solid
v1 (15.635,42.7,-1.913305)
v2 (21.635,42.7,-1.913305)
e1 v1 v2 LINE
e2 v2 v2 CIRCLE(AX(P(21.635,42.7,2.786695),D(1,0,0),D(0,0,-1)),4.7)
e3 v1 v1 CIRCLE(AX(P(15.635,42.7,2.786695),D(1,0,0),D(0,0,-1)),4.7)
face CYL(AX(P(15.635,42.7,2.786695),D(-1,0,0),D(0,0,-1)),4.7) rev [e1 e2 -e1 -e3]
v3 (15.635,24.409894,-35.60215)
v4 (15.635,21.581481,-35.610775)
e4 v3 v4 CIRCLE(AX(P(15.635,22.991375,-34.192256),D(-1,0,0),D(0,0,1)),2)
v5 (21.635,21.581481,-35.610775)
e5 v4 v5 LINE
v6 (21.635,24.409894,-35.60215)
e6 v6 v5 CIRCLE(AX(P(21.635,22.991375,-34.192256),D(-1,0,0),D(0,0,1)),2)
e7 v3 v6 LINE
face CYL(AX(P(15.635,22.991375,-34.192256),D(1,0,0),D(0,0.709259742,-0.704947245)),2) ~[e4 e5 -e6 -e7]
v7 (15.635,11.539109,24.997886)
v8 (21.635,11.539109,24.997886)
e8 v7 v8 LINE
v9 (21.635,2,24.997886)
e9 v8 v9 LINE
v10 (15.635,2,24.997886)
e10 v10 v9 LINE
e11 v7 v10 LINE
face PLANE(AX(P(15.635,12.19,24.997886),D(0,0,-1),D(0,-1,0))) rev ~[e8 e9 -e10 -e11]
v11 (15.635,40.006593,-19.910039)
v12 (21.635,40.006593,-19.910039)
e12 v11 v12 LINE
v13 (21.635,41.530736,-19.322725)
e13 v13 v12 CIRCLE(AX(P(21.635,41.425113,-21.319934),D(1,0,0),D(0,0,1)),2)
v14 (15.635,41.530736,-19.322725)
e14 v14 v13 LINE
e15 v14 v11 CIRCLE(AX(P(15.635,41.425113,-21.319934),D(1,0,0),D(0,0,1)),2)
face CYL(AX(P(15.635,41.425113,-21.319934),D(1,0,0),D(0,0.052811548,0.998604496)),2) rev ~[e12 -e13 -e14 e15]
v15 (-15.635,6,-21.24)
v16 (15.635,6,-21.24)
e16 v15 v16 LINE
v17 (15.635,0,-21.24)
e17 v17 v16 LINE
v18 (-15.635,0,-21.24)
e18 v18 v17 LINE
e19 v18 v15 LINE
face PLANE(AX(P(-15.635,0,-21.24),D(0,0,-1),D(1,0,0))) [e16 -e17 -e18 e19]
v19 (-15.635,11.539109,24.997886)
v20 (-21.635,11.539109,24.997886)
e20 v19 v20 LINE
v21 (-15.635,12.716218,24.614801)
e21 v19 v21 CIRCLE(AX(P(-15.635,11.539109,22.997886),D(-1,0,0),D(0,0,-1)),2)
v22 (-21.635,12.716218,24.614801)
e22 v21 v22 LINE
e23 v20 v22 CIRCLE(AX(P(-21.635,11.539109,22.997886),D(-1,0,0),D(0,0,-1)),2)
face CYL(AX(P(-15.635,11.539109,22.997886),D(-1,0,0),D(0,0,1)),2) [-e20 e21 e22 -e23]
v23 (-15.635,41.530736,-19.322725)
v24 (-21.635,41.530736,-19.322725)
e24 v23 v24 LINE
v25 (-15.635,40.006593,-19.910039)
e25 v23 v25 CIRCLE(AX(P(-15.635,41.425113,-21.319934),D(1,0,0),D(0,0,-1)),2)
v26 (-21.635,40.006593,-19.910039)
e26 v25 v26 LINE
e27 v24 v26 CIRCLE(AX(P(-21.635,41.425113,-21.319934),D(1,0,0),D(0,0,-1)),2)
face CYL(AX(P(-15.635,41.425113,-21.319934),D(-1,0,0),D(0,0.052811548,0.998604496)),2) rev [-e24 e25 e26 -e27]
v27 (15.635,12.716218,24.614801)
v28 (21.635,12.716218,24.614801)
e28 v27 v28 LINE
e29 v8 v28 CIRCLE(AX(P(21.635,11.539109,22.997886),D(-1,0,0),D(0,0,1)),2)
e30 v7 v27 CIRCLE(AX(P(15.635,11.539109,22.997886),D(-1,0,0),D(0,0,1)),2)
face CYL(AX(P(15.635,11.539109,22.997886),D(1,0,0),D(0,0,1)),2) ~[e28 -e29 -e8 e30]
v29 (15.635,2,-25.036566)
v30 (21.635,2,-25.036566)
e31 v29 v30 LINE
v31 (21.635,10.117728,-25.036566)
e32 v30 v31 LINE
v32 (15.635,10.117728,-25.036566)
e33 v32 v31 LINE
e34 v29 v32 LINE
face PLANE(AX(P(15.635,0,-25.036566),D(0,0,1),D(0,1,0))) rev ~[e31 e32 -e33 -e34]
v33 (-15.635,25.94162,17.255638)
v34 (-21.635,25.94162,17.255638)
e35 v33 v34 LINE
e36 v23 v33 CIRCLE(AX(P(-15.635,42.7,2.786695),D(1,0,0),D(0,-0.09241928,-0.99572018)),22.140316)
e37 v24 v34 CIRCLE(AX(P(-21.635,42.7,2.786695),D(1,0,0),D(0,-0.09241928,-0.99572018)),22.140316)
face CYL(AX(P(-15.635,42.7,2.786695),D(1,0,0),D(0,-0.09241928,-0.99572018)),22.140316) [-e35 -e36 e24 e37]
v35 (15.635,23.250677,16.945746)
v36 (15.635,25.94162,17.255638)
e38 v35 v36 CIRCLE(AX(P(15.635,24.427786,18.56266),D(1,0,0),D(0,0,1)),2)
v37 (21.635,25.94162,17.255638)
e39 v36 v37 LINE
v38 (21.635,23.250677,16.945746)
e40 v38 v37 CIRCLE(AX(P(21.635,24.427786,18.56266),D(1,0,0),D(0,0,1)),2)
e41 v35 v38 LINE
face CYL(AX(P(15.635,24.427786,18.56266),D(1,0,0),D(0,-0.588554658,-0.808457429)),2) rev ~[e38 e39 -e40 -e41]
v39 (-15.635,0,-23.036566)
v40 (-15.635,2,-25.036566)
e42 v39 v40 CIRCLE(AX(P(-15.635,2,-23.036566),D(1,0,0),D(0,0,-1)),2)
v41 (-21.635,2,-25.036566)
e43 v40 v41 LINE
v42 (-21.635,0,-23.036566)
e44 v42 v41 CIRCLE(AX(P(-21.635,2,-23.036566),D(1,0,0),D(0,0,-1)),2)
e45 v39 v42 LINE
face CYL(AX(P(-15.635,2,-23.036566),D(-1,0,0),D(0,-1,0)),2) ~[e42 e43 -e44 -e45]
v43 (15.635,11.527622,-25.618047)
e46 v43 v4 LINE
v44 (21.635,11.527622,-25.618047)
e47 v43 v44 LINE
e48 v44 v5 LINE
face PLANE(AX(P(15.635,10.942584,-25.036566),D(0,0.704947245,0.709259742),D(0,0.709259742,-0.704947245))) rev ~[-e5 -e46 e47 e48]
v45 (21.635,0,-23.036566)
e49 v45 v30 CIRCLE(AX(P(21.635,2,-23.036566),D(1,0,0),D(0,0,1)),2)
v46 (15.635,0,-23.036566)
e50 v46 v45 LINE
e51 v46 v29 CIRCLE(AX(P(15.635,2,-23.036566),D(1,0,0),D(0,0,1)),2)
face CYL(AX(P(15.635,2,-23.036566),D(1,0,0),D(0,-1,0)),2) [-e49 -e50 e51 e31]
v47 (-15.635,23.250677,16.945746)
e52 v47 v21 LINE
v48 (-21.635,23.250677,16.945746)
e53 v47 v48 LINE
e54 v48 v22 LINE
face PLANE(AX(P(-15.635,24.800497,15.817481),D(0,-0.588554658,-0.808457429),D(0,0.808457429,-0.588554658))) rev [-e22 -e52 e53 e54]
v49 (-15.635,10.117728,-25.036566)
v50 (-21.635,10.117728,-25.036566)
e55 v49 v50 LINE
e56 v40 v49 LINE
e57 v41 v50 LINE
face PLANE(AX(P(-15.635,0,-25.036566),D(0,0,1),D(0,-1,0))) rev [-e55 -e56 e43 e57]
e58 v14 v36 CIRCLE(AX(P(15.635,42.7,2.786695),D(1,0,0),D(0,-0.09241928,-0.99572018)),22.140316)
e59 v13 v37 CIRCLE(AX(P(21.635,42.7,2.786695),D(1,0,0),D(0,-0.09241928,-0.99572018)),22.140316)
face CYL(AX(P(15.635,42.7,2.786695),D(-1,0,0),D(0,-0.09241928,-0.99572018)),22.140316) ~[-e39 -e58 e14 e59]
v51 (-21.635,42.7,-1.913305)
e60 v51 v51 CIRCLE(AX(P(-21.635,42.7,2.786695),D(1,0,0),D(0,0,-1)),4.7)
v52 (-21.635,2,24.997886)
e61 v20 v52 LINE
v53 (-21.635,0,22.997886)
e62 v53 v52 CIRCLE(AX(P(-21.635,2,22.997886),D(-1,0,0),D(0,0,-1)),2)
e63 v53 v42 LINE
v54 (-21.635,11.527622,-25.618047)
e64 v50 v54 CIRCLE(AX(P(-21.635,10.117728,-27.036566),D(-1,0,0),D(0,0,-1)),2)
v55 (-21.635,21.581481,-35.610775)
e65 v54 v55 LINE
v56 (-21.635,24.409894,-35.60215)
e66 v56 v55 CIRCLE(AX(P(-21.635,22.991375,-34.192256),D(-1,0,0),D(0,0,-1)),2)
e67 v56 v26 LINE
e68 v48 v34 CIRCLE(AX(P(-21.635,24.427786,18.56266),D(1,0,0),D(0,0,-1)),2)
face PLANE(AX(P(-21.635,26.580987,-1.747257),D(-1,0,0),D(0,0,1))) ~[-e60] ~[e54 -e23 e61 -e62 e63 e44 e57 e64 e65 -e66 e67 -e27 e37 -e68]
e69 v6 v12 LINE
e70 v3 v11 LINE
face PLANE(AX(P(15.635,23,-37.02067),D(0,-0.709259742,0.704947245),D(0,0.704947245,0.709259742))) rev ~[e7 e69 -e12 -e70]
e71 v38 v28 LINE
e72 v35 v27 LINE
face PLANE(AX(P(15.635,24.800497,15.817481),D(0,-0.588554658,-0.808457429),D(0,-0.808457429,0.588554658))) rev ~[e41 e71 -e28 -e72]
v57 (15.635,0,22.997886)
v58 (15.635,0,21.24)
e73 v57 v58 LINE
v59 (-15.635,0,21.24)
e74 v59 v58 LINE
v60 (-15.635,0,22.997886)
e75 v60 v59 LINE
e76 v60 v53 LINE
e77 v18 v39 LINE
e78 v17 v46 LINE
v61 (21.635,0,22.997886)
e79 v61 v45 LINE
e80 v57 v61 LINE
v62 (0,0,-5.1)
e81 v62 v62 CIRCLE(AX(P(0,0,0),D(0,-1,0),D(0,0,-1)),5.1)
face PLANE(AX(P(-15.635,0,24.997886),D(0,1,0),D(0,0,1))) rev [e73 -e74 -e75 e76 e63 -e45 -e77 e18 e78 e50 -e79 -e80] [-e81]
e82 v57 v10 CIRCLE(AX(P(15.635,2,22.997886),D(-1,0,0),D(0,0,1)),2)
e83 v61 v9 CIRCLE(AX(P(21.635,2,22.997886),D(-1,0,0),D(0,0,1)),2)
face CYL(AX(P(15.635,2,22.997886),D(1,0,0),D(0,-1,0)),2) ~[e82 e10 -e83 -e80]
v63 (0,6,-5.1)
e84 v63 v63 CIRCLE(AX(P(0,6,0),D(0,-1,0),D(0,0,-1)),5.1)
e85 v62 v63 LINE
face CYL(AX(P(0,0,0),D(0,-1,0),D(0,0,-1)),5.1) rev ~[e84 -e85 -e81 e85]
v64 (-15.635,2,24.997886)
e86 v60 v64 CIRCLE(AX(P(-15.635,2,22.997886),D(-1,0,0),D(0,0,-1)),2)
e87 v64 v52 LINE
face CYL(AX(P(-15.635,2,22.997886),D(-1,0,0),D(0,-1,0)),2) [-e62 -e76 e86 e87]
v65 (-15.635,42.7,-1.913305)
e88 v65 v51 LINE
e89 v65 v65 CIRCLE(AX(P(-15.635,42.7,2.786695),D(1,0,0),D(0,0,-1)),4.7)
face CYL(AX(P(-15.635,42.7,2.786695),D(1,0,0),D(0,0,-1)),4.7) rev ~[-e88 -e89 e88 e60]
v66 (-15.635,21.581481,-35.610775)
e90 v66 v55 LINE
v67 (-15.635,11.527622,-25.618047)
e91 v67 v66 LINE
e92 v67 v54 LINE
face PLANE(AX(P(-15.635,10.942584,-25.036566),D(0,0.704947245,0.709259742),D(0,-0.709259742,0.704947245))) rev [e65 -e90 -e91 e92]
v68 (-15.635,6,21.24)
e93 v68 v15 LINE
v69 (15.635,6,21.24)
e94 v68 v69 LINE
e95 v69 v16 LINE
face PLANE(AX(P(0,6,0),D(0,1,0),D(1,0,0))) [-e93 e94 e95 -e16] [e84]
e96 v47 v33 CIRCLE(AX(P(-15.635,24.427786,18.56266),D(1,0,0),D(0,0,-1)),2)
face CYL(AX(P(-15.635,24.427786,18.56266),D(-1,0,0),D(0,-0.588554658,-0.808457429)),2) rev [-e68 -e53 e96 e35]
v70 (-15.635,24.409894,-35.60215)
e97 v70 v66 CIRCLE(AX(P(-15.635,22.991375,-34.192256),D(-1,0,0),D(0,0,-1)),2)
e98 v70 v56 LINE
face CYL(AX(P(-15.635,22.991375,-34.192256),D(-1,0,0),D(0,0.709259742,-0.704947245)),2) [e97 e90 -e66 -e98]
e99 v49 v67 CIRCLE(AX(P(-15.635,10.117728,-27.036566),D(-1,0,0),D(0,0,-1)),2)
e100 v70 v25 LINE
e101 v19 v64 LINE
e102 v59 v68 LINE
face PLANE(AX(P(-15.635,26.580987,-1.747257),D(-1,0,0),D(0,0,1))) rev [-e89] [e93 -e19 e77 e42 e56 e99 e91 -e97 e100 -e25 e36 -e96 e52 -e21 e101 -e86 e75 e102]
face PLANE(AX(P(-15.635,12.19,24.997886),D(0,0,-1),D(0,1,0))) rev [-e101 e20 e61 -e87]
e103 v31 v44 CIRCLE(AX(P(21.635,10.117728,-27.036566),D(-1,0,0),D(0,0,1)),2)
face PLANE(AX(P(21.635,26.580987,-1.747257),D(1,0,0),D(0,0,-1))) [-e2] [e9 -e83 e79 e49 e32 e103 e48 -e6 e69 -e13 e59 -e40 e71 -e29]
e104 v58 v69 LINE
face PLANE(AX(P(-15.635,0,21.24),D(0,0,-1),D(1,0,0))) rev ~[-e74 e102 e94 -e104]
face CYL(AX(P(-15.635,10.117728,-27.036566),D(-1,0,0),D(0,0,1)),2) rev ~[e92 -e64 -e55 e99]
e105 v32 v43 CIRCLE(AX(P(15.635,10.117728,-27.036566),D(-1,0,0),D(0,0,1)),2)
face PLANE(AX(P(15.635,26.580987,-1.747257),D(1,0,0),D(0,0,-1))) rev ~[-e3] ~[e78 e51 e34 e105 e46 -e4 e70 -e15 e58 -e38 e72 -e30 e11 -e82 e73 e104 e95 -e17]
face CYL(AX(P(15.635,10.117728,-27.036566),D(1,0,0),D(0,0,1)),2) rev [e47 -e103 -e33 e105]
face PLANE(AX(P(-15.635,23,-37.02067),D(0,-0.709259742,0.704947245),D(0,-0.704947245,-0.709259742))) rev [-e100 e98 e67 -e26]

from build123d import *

# Parameters (mm, degrees)
SKETCH3_W           = 31.27
SKETCH3_H           = 42.48
BOSS_EXTRUDE1_DEPTH = 6
SKETCH4_R           = 4.7
BOSS_EXTRUDE2_DEPTH = 6
SKETCH6_R           = 5.1
CUT_EXTRUDE2_DEPTH  = 6
FILLET1_R           = 2
FILLET2_R           = 2


with BuildPart() as part:
    # Sketch3 → Boss-Extrude1 (new body)
    with BuildSketch(Plane(origin=(0, 0, 0), x_dir=(1, 0, 0), z_dir=(0, 1, 0))):
        Rectangle(SKETCH3_W, SKETCH3_H)
    extrude(amount=BOSS_EXTRUDE1_DEPTH)

    # Sketch4 → Boss-Extrude2 (add)
    with BuildSketch(Plane(origin=(15.635, 0, 0), x_dir=(0, 0, -1), z_dir=(1, 0, 0))):
        with BuildLine():
            Line((-24.997886253, 0), (25.03656642, 0))
            Line((25.03656642, 0), (25.03656642, 10.942584388))
            Line((25.03656642, 10.942584388), (37.020669589, 23))
            Line((37.020669589, 23), (19.258864986, 40.653807887))
            ThreePointArc((19.258864986, 40.653807887), (-11.905269618, 62.875361443), (-15.817481327, 24.800496669))
            Line((-15.817481327, 24.800496669), (-24.997886253, 12.19))
            Line((-24.997886253, 12.19), (-24.997886253, 0))
        make_face()
        with Locations((-2.786694922, 42.7)):
            Circle(SKETCH4_R, mode=Mode.SUBTRACT)
    boss_extrude2 = extrude(amount=BOSS_EXTRUDE2_DEPTH)

    # Mirror2: Boss-Extrude2 across plane
    add(boss_extrude2.mirror(Plane(origin=(0, 0, 0), x_dir=(0, 0, 1), z_dir=(1, 0, 0))))

    # Sketch6 → Cut-Extrude2 (cut)
    with BuildSketch(Plane.XZ):
        with Locations(Location((0, 0, 0), (0, 0, 270))):
            Circle(SKETCH6_R)
    extrude(amount=-CUT_EXTRUDE2_DEPTH, mode=Mode.SUBTRACT)

    # Fillet1
    fillet1_edges = [part.edges().sort_by_distance(p)[0] for p in [
        (-18.635, 12.19, 24.997886253),
        (-18.635, 0, 24.997886253),
        (18.635, 10.942584388, -25.03656642),
        (-18.635, 10.942584388, -25.03656642),
        (-18.635, 0, -25.03656642),
        (18.635, 0, -25.03656642),
        (18.635, 0, 24.997886253),
        (18.635, 12.19, 24.997886253),
        (18.635, 24.800496669, 15.817481327),
        (-18.635, 24.800496669, 15.817481327),
        (18.635, 23, -37.020669589),
        (-18.635, 23, -37.020669589),
    ]]
    fillet(fillet1_edges, radius=FILLET1_R)

    # Fillet2
    fillet2_edges = [part.edges().sort_by_distance(p)[0] for p in [
        (18.635, 40.653807887, -19.258864986),
        (-18.635, 40.653807887, -19.258864986),
    ]]
    fillet(fillet2_edges, radius=FILLET2_R)


solid = part.part
